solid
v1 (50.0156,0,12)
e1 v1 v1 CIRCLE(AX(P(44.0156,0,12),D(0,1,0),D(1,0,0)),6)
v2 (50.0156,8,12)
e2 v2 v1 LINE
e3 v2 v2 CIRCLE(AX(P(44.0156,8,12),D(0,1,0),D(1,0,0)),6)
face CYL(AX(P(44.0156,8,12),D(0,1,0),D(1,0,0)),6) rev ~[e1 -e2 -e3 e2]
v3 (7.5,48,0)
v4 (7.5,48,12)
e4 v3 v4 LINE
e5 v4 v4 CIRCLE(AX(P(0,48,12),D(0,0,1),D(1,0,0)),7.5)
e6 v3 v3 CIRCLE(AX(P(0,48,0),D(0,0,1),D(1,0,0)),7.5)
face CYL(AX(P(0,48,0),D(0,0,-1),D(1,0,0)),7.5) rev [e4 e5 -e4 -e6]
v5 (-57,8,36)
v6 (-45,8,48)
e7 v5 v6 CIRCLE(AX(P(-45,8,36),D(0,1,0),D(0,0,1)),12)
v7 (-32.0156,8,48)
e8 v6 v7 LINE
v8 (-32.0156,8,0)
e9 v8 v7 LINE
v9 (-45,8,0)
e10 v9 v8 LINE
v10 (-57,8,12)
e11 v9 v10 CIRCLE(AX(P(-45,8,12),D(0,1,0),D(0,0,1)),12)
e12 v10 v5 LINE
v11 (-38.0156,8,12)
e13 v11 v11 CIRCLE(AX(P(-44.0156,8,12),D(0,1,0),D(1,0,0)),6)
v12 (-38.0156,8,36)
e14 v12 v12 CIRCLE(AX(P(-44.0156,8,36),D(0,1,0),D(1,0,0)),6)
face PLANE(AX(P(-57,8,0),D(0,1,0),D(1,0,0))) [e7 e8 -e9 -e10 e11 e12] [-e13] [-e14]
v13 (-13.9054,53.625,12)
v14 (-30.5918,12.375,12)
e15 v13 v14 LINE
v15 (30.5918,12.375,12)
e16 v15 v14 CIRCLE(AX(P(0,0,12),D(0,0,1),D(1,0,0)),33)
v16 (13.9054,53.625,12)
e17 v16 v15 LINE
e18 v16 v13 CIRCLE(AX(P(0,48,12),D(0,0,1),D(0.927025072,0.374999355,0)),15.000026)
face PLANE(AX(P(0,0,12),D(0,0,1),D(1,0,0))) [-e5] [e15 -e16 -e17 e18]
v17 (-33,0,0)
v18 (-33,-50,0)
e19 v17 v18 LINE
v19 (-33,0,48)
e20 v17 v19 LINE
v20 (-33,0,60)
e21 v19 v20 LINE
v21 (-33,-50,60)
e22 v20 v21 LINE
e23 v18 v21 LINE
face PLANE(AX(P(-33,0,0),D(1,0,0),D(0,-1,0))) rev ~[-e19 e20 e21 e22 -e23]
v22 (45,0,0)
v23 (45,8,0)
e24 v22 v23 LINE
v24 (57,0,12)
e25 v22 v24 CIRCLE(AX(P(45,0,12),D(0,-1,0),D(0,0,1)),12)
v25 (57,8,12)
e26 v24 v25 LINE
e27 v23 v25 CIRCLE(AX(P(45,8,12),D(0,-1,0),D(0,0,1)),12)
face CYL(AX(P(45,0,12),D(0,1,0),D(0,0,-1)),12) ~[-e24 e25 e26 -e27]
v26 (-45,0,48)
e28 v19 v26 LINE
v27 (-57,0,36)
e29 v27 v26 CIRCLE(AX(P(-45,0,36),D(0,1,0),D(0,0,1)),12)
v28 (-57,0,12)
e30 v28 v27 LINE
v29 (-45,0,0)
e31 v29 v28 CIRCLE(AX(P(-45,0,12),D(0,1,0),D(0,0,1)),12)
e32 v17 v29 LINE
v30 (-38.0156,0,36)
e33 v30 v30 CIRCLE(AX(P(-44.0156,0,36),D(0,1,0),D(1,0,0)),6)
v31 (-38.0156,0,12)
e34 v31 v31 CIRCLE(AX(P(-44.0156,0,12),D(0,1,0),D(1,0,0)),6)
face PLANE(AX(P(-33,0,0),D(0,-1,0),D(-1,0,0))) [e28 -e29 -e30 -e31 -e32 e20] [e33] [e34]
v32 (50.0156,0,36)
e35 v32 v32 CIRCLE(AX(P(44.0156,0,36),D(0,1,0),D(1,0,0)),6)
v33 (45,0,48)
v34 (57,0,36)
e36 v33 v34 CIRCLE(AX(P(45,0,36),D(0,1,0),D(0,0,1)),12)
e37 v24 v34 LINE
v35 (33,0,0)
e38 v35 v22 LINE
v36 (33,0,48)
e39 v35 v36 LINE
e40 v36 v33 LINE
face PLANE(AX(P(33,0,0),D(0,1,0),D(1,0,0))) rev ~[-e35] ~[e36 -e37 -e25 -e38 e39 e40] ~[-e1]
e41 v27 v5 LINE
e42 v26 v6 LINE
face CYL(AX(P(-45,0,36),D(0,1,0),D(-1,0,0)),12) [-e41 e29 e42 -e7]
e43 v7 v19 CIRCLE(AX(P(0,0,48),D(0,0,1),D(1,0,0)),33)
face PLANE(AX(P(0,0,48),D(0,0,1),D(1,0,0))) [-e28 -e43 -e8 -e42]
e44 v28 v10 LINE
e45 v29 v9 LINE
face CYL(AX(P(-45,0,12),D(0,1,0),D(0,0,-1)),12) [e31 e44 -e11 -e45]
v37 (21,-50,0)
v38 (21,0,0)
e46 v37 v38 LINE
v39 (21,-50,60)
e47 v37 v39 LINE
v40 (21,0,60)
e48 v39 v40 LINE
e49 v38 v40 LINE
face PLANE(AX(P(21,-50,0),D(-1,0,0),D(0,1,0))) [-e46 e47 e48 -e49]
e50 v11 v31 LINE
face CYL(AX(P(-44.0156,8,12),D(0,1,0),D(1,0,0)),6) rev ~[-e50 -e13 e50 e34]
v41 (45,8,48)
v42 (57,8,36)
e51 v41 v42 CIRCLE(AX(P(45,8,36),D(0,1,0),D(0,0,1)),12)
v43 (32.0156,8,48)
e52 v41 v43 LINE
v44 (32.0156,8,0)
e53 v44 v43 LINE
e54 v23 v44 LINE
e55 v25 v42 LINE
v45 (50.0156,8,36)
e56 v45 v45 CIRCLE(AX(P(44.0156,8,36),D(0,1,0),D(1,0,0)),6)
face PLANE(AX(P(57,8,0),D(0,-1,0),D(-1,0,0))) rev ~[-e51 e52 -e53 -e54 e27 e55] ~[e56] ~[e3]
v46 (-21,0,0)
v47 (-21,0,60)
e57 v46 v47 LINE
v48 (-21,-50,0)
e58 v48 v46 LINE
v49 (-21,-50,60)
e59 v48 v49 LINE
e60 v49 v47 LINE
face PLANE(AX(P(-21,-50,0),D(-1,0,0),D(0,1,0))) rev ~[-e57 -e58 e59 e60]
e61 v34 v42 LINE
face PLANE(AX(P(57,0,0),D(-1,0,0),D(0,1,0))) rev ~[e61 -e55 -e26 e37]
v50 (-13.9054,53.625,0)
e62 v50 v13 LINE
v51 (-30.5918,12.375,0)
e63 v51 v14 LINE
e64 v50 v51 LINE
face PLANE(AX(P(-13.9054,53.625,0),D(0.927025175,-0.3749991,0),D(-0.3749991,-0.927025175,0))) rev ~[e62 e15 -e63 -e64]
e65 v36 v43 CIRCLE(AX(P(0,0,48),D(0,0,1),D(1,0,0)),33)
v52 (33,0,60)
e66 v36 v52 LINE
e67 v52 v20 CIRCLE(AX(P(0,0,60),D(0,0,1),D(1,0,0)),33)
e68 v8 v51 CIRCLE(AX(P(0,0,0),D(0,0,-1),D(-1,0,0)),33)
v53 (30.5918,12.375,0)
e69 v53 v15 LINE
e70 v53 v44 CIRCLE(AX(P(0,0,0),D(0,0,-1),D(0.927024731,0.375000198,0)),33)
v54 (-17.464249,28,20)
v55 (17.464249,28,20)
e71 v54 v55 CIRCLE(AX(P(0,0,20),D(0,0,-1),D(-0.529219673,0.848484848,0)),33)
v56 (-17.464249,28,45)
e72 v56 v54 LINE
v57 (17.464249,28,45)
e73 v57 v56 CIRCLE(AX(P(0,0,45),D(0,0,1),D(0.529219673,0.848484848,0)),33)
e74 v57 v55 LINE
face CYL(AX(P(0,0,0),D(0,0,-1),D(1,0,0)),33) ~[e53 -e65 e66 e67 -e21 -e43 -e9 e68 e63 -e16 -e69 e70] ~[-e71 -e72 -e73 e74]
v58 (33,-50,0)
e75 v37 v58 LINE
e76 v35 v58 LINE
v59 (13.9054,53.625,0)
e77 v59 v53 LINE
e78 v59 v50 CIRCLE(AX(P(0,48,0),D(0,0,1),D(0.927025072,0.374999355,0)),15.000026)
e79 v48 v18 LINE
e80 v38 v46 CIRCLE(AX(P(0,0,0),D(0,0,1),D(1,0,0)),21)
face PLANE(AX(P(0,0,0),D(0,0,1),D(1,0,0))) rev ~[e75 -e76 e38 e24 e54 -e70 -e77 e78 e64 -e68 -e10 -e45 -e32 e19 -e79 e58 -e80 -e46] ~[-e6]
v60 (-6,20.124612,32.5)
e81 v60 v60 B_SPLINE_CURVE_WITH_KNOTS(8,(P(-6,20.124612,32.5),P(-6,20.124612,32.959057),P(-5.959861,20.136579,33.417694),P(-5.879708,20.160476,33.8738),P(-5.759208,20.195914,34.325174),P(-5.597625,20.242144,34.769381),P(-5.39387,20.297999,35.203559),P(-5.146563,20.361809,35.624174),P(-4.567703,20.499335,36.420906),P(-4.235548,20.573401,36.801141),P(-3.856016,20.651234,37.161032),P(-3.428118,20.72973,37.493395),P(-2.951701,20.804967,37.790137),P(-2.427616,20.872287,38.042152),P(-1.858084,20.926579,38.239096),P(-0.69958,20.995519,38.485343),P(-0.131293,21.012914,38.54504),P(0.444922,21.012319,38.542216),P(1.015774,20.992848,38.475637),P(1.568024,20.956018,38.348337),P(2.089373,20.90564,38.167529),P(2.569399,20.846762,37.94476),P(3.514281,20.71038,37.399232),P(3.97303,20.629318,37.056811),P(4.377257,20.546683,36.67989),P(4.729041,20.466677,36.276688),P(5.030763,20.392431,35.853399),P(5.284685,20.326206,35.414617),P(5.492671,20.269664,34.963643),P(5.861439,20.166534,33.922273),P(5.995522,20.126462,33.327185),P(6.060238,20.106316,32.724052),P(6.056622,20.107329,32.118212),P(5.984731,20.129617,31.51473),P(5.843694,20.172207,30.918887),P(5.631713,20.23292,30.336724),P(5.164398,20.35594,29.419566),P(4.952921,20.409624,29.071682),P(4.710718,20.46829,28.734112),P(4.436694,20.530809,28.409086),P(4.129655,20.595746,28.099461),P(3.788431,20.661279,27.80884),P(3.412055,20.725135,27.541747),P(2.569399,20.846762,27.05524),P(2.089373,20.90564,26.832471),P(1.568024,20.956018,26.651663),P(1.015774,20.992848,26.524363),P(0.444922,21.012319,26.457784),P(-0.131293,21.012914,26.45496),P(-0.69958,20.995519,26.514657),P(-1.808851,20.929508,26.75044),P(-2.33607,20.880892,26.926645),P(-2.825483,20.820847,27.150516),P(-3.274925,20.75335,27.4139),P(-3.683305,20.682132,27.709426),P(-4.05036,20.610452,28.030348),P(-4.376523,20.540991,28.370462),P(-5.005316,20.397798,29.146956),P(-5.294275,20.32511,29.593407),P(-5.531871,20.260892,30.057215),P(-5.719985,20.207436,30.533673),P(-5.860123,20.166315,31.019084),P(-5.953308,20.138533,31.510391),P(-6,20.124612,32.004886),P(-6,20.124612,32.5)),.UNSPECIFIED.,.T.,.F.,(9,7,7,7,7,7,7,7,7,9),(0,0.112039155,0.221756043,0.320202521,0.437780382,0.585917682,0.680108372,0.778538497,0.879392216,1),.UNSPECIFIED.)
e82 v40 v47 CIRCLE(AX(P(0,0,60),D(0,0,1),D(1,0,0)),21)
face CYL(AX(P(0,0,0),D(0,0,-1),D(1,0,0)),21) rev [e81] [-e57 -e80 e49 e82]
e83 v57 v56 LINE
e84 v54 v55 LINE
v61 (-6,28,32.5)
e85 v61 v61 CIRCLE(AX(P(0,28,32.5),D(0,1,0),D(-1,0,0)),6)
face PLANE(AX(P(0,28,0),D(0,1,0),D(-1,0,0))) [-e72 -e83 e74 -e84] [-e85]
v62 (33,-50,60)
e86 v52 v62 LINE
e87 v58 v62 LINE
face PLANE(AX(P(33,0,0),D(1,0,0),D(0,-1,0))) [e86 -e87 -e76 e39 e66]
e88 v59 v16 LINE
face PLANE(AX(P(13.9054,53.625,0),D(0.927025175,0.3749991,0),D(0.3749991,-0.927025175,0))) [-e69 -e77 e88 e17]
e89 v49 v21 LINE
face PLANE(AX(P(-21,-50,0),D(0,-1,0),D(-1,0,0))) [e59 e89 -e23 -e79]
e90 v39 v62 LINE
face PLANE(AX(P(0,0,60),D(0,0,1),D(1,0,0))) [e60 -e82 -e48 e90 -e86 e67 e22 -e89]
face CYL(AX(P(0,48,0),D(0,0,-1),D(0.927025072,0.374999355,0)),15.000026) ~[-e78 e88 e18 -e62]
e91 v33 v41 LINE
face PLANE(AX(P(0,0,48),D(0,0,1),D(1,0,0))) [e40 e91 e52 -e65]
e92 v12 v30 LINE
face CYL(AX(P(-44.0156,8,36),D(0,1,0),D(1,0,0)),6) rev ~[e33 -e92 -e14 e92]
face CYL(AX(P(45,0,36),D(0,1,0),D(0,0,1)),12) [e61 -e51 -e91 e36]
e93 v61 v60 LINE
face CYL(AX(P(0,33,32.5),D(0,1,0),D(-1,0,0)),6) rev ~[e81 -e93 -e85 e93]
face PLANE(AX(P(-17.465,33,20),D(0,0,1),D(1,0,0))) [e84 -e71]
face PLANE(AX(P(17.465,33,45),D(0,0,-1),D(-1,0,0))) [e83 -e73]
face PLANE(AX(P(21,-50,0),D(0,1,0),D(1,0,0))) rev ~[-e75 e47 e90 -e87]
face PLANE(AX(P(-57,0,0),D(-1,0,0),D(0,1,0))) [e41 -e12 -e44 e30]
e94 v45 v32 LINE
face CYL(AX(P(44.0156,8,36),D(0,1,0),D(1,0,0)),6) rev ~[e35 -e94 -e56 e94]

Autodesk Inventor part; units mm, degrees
ref_plane "YZ Plane" through (0, 0, 0) normal (1, 0, 0) x (0, 1, 0)
ref_plane "XY Plane" through (0, 0, 0) normal (0, 0, 1) x (1, 0, 0)
sketch "Boceto1" plane through (0, 0, 0) normal (0, 0, 1) x (1, 0, 0)
  line L0 (0, 100) -> (0, -100) construction
  line L1 (-100, 0) -> (100, 0) construction
  line L2 (-21, -50) -> (-21, 0)
  line L3 (21, -50) -> (21, 0)
  arc A0 (21, 0) -> (-21, 0) centre (0, 0) ccw
  arc A1 (33, 0) -> (-33, 0) centre (0, 0) ccw
  line L4 (-33, 0) -> (-33, -50)
  line L5 (33, 0) -> (33, -50)
  line L6 (-21, -50) -> (-33, -50)
  line L7 (21, -50) -> (33, -50)
  circle A2 centre (0, 48) radius 7.5
  arc A3 (13.9054, 53.625) -> (-13.9054, 53.625) centre (0, 48) ccw
  line L8 (-13.9054, 53.625) -> (-30.5918, 12.375)
  line L9 (13.9054, 53.625) -> (30.5918, 12.375)
  line L10 (-33, 0) -> (-57, 0)
  line L11 (-57, 0) -> (-57, 8)
  line L12 (-57, 8) -> (-32.0156, 8)
  line L13 (100, 0) -> (-100, 0) construction
  line L14 (33, 0) -> (57, 0)
  line L15 (57, 0) -> (57, 8)
  line L16 (57, 8) -> (32.0156, 8)
  point P0 (0, 33)
  dimension "d0" = 200
  dimension "d1" = 200
  dimension "d2" = 50
  dimension "d3" = 50
  dimension "d4" = 42
  dimension "d5" = 33
  dimension "d6" = 15
  dimension "d7" = 48
  dimension "d8" = 15
  dimension "d9" = 24
  dimension "d10" = 8
  dimension "d26" = 33
extrude "Extrusión1" add sketch "Boceto1" along normal blind 60 contours L6 L4 A1 L5 L7 L3 A0 L2
extrude "Extrusión2" add sketch "Boceto1" along normal blind 12 contours L8 A3 L9 A1
extrude "Extrusión3" add sketch "Boceto1" along normal blind 48 contours L10 L11 L12 A1 | A1 L16 L15 L14
fillet "Empalme1" radius 12 4 edges at (57, 4, 48) (-57, 4, 48) (57, 4, 0) (-57, 4, 0)
sketch "Boceto2" plane through (32.0156, 8, 48) normal (0, 1, 0) x (1, 0, 0)
  line L0 (12.9844, 0) -> (0, 0) projected
  line L1 (12.9844, 48) -> (0, 48) projected
  line L2 (0, 0) -> (0, 48) projected
  circle A0 centre (12, 36) radius 6
  circle A1 centre (12, 12) radius 6
  line L3 (-32.0156, 86.4506) -> (-32.0156, -39.8075) construction
  circle A2 centre (-76.0312, 36) radius 6
  circle A3 centre (-76.0312, 12) radius 6
  point P0 (-32.0156, 48)
  dimension "d18" = 12
  dimension "d19" = 12
  dimension "d20" = 12
  dimension "d21" = 12
  dimension "d22" = 12
  dimension "d23" = 12
extrude "Extrusión4" cut sketch "Boceto2" against normal blind 48
ref_plane "Plano de trabajo1" through (0, 33, 0) normal (0, 1, 0) x (-1, 0, 0)
sketch "Boceto3" plane through (0, 33, 0) normal (0, 1, 0) x (-1, 0, 0)
  line L0 (-17.465, 45) -> (17.465, 45)
  line L1 (17.465, 45) -> (17.465, 20)
  line L2 (17.465, 20) -> (-17.465, 20)
  line L3 (-17.465, 20) -> (-17.465, 45)
  line L4 (-17.465, 45) -> (17.465, 20) construction
  line L5 (17.465, 45) -> (-17.465, 20) construction
  line L6 (13.9054, 12) -> (-13.9054, 12) projected
  line L7 (0, -11.8316) -> (0, 73.0134) construction
  circle A0 centre (0, 32.5) radius 6
  point P0 (0, 0)
  dimension "d28" = 8
  dimension "d29" = 25
  dimension "d30" = 34.93
  dimension "d31" = 12
extrude "Extrusión5" cut sketch "Boceto3" against normal blind 5
extrude "Extrusión6" cut sketch "Boceto3" against normal blind 20 contours A0
properties material "Acero inoxidable"
